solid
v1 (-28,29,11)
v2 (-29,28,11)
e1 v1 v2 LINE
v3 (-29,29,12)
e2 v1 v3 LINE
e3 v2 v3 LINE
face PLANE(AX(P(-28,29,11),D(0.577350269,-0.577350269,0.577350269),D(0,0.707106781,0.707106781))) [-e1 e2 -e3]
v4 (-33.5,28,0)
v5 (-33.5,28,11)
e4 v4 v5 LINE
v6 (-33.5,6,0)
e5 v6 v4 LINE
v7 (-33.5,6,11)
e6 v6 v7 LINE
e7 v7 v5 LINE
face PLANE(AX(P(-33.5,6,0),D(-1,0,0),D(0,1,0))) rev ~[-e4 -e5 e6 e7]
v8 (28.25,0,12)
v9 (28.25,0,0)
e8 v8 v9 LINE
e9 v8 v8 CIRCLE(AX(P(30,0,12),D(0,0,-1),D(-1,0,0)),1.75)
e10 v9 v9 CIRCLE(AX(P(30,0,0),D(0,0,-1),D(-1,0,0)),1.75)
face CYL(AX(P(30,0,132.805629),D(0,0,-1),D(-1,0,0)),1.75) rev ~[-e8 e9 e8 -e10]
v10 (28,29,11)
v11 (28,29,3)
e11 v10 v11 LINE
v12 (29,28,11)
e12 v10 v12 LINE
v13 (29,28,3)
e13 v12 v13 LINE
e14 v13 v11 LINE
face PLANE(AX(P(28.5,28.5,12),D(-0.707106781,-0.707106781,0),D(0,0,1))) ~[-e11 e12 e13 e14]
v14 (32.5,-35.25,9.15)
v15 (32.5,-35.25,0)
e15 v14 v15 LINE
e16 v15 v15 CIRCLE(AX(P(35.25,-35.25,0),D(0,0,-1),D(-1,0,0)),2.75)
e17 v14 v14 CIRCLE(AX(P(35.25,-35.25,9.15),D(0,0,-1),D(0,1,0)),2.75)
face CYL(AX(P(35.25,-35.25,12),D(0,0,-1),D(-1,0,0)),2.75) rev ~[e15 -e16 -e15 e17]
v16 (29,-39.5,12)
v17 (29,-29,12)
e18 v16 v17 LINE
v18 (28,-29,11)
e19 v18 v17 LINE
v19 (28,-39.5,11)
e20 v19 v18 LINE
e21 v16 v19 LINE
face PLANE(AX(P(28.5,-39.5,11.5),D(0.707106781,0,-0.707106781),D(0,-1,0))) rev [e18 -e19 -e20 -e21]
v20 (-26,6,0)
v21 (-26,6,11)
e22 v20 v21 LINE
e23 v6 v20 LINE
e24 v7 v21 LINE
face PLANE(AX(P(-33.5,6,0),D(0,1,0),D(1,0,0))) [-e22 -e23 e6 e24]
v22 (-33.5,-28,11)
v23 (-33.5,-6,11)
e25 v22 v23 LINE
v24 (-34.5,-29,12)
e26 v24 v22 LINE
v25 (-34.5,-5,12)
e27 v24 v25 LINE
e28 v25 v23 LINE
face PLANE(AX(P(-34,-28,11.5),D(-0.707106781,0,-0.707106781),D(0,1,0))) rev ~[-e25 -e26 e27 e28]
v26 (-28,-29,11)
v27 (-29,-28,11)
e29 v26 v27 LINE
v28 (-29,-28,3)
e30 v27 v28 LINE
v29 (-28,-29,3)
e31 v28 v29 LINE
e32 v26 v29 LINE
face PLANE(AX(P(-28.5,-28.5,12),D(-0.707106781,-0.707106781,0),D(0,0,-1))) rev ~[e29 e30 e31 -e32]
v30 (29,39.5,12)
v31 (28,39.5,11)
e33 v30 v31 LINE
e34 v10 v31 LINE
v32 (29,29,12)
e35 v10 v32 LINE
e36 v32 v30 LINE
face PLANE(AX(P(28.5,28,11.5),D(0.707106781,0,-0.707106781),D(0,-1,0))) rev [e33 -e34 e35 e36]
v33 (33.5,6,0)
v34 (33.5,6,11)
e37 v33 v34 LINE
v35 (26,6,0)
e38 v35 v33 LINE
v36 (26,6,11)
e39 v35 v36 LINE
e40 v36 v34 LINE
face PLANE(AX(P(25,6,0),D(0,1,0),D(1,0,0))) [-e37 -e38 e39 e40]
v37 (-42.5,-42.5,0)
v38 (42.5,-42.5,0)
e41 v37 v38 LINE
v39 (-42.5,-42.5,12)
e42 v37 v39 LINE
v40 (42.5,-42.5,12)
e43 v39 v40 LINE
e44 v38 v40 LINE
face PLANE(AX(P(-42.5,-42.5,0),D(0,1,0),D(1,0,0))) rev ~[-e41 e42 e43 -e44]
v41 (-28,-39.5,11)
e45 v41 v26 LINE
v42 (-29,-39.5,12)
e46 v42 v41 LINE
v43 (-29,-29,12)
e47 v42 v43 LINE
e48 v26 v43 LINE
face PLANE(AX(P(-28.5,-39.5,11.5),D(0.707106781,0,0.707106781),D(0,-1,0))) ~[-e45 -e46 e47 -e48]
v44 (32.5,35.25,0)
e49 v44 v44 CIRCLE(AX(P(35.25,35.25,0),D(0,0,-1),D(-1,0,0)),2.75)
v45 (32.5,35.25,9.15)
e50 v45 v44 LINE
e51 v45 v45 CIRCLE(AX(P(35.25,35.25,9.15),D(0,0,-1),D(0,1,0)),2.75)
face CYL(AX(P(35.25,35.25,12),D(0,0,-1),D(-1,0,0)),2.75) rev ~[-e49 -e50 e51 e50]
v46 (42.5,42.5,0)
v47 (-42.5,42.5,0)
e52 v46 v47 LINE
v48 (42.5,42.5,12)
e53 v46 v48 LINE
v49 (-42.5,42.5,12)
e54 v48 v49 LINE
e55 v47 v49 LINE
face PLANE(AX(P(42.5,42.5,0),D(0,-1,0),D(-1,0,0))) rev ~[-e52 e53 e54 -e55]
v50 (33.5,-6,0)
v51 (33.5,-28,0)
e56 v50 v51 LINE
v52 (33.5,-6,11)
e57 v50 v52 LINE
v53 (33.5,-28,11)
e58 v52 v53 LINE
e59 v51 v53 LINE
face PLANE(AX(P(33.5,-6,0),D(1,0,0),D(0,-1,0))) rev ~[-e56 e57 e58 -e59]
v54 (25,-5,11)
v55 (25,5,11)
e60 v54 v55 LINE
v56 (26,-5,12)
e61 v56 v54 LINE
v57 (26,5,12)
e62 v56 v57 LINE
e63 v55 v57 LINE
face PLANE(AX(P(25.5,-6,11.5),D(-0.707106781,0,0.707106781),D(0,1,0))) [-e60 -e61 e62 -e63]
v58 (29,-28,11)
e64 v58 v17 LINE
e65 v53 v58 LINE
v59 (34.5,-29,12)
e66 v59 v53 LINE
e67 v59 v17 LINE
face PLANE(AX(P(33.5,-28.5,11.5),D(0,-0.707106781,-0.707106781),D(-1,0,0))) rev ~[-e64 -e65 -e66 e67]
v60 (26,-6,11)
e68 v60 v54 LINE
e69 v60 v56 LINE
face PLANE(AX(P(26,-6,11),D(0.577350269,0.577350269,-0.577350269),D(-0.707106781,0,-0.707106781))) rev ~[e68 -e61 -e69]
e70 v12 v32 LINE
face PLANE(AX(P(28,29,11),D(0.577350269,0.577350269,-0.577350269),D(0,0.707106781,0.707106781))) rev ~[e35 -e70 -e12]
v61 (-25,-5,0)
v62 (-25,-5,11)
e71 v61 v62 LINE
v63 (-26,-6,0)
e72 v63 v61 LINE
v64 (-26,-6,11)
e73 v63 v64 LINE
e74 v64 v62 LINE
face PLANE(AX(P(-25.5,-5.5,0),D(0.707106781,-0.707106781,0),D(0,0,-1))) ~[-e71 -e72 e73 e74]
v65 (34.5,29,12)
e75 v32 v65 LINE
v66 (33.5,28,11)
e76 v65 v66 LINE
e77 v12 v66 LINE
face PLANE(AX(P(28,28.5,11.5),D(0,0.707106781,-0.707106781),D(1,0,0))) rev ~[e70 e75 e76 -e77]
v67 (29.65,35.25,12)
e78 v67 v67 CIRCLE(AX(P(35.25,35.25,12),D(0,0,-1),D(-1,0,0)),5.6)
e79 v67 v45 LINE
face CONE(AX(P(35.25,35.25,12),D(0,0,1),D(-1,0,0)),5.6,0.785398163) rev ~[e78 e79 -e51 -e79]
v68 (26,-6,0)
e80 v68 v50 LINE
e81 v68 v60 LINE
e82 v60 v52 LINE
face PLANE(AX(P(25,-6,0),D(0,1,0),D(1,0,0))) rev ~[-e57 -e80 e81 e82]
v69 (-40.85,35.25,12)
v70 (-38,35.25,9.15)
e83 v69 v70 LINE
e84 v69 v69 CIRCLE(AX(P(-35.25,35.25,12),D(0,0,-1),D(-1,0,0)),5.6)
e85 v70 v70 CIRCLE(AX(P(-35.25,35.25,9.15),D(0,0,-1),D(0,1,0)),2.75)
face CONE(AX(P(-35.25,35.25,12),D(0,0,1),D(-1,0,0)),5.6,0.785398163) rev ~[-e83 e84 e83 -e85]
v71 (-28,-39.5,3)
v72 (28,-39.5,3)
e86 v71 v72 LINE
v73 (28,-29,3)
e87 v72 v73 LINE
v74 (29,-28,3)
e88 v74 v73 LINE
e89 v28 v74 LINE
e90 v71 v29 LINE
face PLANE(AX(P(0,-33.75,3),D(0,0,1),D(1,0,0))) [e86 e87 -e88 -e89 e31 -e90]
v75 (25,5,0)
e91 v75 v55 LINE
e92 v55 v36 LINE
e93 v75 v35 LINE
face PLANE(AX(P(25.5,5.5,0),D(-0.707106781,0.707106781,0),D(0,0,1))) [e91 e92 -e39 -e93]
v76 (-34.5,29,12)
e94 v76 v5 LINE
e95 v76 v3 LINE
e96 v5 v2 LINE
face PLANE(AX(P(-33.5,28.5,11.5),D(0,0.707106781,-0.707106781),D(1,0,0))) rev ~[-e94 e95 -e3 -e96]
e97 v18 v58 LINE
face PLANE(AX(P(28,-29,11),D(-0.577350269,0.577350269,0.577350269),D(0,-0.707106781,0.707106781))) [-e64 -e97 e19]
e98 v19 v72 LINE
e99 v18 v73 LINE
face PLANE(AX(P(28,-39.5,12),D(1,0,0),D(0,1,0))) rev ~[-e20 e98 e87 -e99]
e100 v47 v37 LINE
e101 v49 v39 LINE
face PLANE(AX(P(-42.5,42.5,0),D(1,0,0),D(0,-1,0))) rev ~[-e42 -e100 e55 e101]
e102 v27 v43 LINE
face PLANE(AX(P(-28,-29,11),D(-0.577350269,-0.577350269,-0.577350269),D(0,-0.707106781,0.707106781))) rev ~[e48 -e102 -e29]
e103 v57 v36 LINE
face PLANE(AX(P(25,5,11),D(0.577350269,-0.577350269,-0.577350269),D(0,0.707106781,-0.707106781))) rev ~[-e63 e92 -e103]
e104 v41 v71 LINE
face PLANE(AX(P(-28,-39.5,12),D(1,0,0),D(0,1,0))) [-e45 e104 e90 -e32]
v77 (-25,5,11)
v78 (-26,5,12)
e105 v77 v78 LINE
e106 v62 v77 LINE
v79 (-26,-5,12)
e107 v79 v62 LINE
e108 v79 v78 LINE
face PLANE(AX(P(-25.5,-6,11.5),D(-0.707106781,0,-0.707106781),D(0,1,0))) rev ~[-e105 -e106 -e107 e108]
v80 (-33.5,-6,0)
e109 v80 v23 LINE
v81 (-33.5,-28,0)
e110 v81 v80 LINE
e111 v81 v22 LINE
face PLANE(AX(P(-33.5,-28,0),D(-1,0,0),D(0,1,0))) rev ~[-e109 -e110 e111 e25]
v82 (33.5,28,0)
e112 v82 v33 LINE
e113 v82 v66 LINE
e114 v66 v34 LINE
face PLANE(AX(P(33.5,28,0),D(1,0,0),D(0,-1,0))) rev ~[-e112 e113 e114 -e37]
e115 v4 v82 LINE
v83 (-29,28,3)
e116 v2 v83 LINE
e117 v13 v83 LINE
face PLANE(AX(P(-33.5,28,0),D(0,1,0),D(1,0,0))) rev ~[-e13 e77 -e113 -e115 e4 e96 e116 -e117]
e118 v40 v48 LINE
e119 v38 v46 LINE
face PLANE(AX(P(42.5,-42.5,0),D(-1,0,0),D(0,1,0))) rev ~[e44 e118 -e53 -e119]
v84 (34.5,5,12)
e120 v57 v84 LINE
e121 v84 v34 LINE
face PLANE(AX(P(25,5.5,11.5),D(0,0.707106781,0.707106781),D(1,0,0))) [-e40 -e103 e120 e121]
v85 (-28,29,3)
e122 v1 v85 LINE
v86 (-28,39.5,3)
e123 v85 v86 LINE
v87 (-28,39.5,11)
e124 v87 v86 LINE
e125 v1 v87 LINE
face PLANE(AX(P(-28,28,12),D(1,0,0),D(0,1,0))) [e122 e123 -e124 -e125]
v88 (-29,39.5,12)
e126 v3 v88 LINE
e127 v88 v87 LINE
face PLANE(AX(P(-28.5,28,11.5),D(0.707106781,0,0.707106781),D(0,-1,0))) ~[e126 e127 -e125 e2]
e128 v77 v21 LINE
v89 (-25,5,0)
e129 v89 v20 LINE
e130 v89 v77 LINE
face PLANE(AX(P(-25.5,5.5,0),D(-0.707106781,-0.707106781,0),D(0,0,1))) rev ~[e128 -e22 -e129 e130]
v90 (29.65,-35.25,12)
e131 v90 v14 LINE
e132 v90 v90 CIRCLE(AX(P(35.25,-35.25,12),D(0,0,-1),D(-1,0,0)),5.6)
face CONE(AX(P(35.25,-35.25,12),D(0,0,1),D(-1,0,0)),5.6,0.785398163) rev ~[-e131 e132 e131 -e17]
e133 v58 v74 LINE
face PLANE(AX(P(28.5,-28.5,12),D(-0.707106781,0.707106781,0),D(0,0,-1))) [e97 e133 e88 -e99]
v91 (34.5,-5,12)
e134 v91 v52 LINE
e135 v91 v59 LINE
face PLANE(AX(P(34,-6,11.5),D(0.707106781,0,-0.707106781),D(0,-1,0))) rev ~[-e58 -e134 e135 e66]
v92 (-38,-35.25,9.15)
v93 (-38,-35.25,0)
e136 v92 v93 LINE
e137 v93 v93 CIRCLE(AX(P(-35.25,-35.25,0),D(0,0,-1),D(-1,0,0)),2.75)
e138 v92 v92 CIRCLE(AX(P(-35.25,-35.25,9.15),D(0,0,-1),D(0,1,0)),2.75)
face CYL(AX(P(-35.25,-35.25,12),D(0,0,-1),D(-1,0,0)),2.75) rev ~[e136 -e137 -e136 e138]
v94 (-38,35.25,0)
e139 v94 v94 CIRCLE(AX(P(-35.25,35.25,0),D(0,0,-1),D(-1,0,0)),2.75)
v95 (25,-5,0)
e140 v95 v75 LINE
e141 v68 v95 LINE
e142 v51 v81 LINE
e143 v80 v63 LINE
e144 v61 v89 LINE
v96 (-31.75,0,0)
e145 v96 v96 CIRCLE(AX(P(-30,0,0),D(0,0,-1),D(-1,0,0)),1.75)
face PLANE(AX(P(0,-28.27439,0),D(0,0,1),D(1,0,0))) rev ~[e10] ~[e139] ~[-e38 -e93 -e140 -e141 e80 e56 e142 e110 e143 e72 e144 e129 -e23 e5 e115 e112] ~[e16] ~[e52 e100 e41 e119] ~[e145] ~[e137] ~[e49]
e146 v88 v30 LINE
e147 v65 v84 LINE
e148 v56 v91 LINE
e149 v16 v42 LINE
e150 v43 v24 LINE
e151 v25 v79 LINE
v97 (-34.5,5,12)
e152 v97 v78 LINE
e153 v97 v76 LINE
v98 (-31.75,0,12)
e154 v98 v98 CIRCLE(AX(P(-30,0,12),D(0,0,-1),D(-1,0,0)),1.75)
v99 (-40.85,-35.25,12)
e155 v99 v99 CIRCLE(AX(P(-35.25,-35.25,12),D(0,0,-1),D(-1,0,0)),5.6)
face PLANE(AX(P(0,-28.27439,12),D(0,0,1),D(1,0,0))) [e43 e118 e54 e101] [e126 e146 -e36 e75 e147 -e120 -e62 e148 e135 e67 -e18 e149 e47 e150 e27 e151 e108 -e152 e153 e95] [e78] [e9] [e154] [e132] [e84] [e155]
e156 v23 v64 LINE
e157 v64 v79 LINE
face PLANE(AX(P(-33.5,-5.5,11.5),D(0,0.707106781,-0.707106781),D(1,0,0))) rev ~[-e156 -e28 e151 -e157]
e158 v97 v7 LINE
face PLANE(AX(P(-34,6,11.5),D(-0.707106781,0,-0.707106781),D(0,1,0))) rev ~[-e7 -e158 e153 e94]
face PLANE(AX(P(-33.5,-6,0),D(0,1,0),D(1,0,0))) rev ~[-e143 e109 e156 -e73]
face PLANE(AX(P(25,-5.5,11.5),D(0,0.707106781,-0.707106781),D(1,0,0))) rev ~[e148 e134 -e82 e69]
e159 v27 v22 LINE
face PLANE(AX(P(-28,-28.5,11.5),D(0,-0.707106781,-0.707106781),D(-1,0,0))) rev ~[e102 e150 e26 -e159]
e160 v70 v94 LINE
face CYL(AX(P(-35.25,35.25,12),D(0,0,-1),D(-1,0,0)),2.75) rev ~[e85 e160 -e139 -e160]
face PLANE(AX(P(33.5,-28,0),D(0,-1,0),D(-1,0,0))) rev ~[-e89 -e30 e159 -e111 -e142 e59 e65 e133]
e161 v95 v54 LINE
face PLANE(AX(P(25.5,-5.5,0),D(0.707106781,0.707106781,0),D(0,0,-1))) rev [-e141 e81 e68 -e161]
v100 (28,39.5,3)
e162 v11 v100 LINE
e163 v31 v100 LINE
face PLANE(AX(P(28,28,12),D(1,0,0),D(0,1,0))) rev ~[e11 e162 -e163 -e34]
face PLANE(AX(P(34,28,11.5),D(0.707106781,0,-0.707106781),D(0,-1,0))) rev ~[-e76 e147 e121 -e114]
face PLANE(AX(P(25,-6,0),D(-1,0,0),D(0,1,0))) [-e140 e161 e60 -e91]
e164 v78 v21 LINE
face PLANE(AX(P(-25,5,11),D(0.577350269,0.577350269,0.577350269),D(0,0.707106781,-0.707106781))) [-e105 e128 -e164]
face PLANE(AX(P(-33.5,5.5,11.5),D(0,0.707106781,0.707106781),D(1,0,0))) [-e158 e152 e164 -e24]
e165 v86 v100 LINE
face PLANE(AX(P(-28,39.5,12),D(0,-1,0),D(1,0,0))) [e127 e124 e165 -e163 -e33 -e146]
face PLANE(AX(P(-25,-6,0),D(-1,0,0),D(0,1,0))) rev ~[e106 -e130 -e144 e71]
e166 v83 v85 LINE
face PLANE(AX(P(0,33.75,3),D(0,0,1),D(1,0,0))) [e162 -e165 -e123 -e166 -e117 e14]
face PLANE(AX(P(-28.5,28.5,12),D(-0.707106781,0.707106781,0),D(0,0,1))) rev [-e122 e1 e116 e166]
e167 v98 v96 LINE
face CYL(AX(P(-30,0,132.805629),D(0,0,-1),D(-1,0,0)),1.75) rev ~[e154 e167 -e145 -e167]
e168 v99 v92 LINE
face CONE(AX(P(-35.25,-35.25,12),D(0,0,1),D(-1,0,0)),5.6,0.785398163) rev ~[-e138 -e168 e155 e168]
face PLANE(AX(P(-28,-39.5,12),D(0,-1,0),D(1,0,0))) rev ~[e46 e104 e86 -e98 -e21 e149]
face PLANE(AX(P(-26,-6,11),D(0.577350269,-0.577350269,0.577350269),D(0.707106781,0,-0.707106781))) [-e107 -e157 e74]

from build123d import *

# Parameters (mm, degrees)
F0_W           = 9
F0_H           = 12
F0_W_2         = 8.5
F1_DEPTH       = 12
F3_D           = 3.5
F4_D           = 5.5
F4_CSINK_D     = 11.2
F4_CSINK_ANGLE = 90
F5_W           = 56
F5_H           = 11.5
F6_DEPTH       = 9
F7_SIZE        = 1


with BuildPart() as f1:
    # F0 (on Top) → F1 (new body)
    with BuildSketch(Plane.XY):
        Polygon((-42.5, -6), (-42.5, -42.5), (42.5, -42.5), (42.5, -6), (33.5, -6), (33.5, -28), (-33.5, -28), (-33.5, -6), align=None)
        Polygon((-42.5, 42.5), (-42.5, 6), (-33.5, 6), (-33.5, 28), (33.5, 28), (33.5, 6), (42.5, 6), (42.5, 42.5), align=None)
        with Locations((-38, 0)):
            Rectangle(F0_W, F0_H)
        with Locations((-29.25, 0)):
            Rectangle(F0_W_2, F0_H)
        with Locations((38, 0)):
            Rectangle(F0_W, F0_H)
        with Locations((29.25, 0)):
            Rectangle(F0_W_2, F0_H)
    extrude(amount=F1_DEPTH)

    # F3 (through all)
    with Locations(Plane.XY.offset(12)):
        with Locations((-30, 0), (30, 0)):
            Hole(F3_D / 2)

    # F4 (through all)
    with Locations(Plane.XY.offset(12)):
        with Locations((-35.25, 35.25), (35.25, 35.25), (35.25, -35.25), (-35.25, -35.25)):
            CounterSinkHole(F4_D / 2, F4_CSINK_D / 2, counter_sink_angle=F4_CSINK_ANGLE)

    # F5 (on face) → F6 (cut)
    with BuildSketch(Plane.XY.offset(12)):
        with Locations((0, -33.75)):
            Rectangle(F5_W, F5_H)
        with Locations((0, 33.75)):
            Rectangle(F5_W, F5_H)
    extrude(amount=-F6_DEPTH, mode=Mode.SUBTRACT)

    # F7
    f7_edges = [f1.edges().sort_by_distance(p)[0] for p in [
        (-30.75, 28, 12),
        (-33.5, 17, 12),
        (-29.25, 6, 12),
        (-25, 0, 12),
        (-29.25, -6, 12),
        (-33.5, -17, 12),
        (-30.75, -28, 12),
        (30.75, 28, 12),
        (33.5, 17, 12),
        (29.25, 6, 12),
        (25, 0, 12),
        (29.25, -6, 12),
        (33.5, -17, 12),
        (30.75, -28, 12),
        (-28, -28, 7.5),
        (28, -28, 7.5),
        (-28, 28, 7.5),
        (28, 28, 7.5),
        (-25, 6, 6),
        (-25, -6, 6),
        (25, 6, 6),
        (25, -6, 6),
        (-28, 33.75, 12),
        (28, 33.75, 12),
        (28, -33.75, 12),
        (-28, -33.75, 12),
    ]]
    chamfer(f7_edges, length=F7_SIZE)


solid = f1.part
